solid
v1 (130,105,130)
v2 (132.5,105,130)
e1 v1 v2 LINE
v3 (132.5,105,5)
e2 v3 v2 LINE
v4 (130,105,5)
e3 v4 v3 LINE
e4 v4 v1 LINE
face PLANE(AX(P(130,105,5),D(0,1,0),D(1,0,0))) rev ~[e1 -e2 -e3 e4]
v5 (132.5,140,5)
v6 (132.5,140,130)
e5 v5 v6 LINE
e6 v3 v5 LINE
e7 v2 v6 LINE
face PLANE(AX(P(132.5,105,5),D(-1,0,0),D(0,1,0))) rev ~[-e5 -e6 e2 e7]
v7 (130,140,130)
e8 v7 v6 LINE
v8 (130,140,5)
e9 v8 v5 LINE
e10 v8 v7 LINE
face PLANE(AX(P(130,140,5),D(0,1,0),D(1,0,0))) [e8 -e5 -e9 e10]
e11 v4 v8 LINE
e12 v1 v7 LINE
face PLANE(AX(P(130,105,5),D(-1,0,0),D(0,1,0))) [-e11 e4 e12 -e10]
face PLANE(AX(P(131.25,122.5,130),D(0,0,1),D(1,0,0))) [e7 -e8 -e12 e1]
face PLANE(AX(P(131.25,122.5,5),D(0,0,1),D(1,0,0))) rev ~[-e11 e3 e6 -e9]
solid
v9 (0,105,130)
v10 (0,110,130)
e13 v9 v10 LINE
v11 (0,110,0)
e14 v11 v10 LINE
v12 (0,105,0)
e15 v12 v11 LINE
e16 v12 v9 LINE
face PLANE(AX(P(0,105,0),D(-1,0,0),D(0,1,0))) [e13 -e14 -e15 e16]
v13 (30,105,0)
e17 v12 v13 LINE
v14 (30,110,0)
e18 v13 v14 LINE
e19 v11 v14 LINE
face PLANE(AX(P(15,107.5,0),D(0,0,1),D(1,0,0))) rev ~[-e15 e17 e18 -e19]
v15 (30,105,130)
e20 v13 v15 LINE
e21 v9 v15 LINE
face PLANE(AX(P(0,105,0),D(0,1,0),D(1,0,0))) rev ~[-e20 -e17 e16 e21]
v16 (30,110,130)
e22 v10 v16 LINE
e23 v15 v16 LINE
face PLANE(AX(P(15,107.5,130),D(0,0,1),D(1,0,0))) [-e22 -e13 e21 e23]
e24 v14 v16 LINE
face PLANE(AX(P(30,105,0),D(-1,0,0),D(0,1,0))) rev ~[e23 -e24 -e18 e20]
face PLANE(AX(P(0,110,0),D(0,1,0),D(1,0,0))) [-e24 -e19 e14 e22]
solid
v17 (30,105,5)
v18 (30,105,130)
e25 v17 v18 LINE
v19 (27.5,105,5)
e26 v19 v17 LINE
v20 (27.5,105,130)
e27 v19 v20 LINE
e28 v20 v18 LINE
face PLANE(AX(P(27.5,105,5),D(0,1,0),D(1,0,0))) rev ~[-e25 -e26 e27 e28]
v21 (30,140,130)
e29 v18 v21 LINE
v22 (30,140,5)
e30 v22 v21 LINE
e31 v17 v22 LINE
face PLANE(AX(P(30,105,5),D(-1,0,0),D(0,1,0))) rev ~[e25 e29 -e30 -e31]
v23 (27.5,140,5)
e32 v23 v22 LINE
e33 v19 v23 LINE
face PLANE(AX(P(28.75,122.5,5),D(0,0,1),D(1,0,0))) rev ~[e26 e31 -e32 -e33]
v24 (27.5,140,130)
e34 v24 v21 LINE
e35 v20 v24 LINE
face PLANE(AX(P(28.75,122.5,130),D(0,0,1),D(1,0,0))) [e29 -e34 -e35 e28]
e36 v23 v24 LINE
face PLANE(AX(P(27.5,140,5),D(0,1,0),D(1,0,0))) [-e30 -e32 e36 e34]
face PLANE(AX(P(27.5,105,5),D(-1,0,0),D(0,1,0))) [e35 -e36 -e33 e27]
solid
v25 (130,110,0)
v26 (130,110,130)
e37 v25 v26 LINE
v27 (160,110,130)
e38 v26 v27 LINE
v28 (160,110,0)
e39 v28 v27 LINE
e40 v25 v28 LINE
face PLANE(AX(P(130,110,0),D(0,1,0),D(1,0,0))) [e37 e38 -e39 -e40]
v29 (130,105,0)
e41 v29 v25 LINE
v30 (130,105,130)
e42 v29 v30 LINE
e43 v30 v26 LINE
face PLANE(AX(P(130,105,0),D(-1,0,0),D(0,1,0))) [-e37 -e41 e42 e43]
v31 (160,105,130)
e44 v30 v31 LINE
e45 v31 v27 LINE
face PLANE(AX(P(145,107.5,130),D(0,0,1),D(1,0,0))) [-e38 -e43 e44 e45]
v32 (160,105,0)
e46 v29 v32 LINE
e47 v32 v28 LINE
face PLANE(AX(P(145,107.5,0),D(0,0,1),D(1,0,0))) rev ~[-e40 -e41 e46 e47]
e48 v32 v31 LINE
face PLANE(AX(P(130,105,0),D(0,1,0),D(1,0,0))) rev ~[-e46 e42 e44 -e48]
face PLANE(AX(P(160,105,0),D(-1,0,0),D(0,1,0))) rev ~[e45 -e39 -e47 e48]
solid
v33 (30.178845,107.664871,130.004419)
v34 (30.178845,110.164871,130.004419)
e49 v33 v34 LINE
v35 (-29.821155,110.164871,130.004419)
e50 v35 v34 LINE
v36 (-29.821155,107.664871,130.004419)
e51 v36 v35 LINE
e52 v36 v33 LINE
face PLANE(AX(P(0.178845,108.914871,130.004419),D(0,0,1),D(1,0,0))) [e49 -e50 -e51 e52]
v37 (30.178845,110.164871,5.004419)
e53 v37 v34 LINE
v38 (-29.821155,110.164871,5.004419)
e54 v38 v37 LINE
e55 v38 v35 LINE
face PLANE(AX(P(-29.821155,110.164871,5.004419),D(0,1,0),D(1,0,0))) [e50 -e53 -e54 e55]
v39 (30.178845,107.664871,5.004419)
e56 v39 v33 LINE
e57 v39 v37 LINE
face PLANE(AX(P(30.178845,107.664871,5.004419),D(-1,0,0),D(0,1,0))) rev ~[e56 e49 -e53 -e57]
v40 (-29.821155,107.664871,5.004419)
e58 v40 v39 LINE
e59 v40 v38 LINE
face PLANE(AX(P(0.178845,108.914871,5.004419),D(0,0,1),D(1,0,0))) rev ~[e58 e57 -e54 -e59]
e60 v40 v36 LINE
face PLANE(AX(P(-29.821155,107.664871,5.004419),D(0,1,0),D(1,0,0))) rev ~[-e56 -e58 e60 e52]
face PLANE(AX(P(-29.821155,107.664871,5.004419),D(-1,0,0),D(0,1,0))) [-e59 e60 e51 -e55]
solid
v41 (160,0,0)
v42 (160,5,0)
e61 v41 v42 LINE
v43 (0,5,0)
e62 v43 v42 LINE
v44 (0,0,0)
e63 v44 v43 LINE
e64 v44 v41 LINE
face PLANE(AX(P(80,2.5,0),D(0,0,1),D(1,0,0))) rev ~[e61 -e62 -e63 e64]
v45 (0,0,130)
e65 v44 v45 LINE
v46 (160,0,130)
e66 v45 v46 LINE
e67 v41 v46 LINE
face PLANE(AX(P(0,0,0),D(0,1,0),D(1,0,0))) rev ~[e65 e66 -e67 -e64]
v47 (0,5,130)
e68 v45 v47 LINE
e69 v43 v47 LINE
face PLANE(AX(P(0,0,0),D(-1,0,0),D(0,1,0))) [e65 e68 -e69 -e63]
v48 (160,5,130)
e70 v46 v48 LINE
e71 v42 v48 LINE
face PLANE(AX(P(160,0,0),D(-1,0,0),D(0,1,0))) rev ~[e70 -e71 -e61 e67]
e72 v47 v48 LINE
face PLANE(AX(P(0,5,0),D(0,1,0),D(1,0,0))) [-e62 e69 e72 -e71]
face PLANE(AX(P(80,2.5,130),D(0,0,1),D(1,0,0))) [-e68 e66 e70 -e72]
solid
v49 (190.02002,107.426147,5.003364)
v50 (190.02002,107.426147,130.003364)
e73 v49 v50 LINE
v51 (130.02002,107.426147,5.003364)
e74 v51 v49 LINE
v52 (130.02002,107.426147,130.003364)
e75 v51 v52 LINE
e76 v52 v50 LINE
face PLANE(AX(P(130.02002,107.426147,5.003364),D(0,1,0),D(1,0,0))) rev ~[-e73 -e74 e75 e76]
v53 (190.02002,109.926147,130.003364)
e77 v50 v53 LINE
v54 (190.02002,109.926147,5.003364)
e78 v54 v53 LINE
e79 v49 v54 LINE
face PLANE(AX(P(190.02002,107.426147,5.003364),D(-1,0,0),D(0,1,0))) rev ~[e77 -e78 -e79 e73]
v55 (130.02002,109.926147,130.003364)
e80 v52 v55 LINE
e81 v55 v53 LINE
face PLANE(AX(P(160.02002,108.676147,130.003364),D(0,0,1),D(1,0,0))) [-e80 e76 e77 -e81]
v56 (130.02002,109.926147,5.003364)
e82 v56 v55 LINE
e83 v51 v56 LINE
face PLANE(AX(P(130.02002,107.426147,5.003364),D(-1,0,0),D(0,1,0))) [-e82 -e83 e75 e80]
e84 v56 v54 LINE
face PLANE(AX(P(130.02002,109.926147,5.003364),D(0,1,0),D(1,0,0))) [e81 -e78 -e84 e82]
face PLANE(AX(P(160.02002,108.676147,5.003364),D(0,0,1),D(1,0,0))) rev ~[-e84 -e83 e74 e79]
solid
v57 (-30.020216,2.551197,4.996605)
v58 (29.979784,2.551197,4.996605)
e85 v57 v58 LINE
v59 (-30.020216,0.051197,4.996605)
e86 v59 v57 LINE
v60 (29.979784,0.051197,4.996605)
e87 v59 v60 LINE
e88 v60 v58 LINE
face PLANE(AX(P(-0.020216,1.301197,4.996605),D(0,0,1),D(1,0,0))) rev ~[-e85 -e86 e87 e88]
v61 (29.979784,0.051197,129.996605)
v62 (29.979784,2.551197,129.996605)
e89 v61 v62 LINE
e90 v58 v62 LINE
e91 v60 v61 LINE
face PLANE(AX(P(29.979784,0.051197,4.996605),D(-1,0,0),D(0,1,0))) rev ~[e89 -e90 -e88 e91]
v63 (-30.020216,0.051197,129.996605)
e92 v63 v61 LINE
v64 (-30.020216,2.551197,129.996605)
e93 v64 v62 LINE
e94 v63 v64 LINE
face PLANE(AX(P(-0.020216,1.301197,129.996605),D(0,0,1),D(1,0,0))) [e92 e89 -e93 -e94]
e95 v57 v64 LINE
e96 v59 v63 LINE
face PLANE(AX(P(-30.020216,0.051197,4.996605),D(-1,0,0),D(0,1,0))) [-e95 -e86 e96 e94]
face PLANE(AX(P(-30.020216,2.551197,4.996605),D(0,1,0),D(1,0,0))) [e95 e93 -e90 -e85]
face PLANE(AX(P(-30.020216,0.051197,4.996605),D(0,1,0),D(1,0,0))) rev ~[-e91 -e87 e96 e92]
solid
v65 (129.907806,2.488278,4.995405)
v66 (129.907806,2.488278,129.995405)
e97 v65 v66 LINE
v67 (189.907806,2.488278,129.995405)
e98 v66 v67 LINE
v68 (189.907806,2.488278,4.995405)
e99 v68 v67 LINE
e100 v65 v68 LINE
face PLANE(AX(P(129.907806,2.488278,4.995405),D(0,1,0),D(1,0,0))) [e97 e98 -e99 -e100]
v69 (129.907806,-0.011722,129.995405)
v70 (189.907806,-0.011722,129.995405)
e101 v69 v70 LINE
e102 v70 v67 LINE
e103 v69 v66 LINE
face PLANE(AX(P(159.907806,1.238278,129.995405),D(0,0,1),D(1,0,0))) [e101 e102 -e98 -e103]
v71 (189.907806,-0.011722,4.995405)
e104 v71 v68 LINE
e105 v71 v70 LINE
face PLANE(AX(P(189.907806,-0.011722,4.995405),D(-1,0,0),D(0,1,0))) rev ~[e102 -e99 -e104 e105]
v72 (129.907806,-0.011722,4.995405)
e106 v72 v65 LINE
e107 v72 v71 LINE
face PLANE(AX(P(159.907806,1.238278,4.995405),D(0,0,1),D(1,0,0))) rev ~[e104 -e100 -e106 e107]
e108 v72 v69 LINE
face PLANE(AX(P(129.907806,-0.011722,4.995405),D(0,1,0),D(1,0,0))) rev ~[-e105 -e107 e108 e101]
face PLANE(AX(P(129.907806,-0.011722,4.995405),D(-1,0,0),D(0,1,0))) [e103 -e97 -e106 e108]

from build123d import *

# Parameters (mm, degrees)
BOX004_W     = 160
BOX004_H     = 5
BOX004_DEPTH = 130
BOX015_W     = 30
BOX015_H     = 5
BOX015_DEPTH = 130
BOX016_W     = 30
BOX016_H     = 5
BOX016_DEPTH = 130
BOX007_W     = 60
BOX007_H     = 2.5
BOX007_DEPTH = 125
BOX006_W     = 60
BOX006_H     = 2.5
BOX006_DEPTH = 125
BOX018_W     = 60
BOX018_H     = 2.5
BOX018_DEPTH = 125
BOX019_W     = 60
BOX019_H     = 2.5
BOX019_DEPTH = 125
BOX010_W     = 2.5
BOX010_H     = 35
BOX010_DEPTH = 125
BOX020_W     = 2.5
BOX020_H     = 35
BOX020_DEPTH = 125


with BuildPart() as cube004:
    # Box004 → Box004 (new body)
    with BuildSketch(Plane.XY):
        with Locations((80, 2.5)):
            Rectangle(BOX004_W, BOX004_H)
    extrude(amount=BOX004_DEPTH)


with BuildPart() as cube015:
    # Box015 → Box015 (new body)
    with BuildSketch(Plane(origin=(0, 105, 0), x_dir=(1, 0, 0), z_dir=(0, 0, 1))):
        with Locations((15, 2.5)):
            Rectangle(BOX015_W, BOX015_H)
    extrude(amount=BOX015_DEPTH)


with BuildPart() as cube016:
    # Box016 → Box016 (new body)
    with BuildSketch(Plane(origin=(130, 105, 0), x_dir=(1, 0, 0), z_dir=(0, 0, 1))):
        with Locations((15, 2.5)):
            Rectangle(BOX016_W, BOX016_H)
    extrude(amount=BOX016_DEPTH)


with BuildPart() as cube007:
    # Box007 → Box007 (new body)
    with BuildSketch(Plane(origin=(130.02002, 107.426147, 5.003364), x_dir=(1, 0, 0), z_dir=(0, 0, 1))):
        with Locations((30, 1.25)):
            Rectangle(BOX007_W, BOX007_H)
    extrude(amount=BOX007_DEPTH)


with BuildPart() as cube006:
    # Box006 → Box006 (new body)
    with BuildSketch(Plane(origin=(129.907806, -0.011722, 4.995405), x_dir=(1, 0, 0), z_dir=(0, 0, 1))):
        with Locations((30, 1.25)):
            Rectangle(BOX006_W, BOX006_H)
    extrude(amount=BOX006_DEPTH)


with BuildPart() as cube018:
    # Box018 → Box018 (new body)
    with BuildSketch(Plane(origin=(-29.821155, 107.664871, 5.004419), x_dir=(1, 0, 0), z_dir=(0, 0, 1))):
        with Locations((30, 1.25)):
            Rectangle(BOX018_W, BOX018_H)
    extrude(amount=BOX018_DEPTH)


with BuildPart() as cube019:
    # Box019 → Box019 (new body)
    with BuildSketch(Plane(origin=(-30.020216, 0.051197, 4.996605), x_dir=(1, 0, 0), z_dir=(0, 0, 1))):
        with Locations((30, 1.25)):
            Rectangle(BOX019_W, BOX019_H)
    extrude(amount=BOX019_DEPTH)


with BuildPart() as cube010:
    # Box010 → Box010 (new body)
    with BuildSketch(Plane(origin=(27.5, 105, 5), x_dir=(1, 0, 0), z_dir=(0, 0, 1))):
        with Locations((1.25, 17.5)):
            Rectangle(BOX010_W, BOX010_H)
    extrude(amount=BOX010_DEPTH)


with BuildPart() as cube020:
    # Box020 → Box020 (new body)
    with BuildSketch(Plane(origin=(130, 105, 5), x_dir=(1, 0, 0), z_dir=(0, 0, 1))):
        with Locations((1.25, 17.5)):
            Rectangle(BOX020_W, BOX020_H)
    extrude(amount=BOX020_DEPTH)


solid = Compound([cube004.part, cube015.part, cube016.part, cube007.part, cube006.part, cube018.part, cube019.part, cube010.part, cube020.part])
